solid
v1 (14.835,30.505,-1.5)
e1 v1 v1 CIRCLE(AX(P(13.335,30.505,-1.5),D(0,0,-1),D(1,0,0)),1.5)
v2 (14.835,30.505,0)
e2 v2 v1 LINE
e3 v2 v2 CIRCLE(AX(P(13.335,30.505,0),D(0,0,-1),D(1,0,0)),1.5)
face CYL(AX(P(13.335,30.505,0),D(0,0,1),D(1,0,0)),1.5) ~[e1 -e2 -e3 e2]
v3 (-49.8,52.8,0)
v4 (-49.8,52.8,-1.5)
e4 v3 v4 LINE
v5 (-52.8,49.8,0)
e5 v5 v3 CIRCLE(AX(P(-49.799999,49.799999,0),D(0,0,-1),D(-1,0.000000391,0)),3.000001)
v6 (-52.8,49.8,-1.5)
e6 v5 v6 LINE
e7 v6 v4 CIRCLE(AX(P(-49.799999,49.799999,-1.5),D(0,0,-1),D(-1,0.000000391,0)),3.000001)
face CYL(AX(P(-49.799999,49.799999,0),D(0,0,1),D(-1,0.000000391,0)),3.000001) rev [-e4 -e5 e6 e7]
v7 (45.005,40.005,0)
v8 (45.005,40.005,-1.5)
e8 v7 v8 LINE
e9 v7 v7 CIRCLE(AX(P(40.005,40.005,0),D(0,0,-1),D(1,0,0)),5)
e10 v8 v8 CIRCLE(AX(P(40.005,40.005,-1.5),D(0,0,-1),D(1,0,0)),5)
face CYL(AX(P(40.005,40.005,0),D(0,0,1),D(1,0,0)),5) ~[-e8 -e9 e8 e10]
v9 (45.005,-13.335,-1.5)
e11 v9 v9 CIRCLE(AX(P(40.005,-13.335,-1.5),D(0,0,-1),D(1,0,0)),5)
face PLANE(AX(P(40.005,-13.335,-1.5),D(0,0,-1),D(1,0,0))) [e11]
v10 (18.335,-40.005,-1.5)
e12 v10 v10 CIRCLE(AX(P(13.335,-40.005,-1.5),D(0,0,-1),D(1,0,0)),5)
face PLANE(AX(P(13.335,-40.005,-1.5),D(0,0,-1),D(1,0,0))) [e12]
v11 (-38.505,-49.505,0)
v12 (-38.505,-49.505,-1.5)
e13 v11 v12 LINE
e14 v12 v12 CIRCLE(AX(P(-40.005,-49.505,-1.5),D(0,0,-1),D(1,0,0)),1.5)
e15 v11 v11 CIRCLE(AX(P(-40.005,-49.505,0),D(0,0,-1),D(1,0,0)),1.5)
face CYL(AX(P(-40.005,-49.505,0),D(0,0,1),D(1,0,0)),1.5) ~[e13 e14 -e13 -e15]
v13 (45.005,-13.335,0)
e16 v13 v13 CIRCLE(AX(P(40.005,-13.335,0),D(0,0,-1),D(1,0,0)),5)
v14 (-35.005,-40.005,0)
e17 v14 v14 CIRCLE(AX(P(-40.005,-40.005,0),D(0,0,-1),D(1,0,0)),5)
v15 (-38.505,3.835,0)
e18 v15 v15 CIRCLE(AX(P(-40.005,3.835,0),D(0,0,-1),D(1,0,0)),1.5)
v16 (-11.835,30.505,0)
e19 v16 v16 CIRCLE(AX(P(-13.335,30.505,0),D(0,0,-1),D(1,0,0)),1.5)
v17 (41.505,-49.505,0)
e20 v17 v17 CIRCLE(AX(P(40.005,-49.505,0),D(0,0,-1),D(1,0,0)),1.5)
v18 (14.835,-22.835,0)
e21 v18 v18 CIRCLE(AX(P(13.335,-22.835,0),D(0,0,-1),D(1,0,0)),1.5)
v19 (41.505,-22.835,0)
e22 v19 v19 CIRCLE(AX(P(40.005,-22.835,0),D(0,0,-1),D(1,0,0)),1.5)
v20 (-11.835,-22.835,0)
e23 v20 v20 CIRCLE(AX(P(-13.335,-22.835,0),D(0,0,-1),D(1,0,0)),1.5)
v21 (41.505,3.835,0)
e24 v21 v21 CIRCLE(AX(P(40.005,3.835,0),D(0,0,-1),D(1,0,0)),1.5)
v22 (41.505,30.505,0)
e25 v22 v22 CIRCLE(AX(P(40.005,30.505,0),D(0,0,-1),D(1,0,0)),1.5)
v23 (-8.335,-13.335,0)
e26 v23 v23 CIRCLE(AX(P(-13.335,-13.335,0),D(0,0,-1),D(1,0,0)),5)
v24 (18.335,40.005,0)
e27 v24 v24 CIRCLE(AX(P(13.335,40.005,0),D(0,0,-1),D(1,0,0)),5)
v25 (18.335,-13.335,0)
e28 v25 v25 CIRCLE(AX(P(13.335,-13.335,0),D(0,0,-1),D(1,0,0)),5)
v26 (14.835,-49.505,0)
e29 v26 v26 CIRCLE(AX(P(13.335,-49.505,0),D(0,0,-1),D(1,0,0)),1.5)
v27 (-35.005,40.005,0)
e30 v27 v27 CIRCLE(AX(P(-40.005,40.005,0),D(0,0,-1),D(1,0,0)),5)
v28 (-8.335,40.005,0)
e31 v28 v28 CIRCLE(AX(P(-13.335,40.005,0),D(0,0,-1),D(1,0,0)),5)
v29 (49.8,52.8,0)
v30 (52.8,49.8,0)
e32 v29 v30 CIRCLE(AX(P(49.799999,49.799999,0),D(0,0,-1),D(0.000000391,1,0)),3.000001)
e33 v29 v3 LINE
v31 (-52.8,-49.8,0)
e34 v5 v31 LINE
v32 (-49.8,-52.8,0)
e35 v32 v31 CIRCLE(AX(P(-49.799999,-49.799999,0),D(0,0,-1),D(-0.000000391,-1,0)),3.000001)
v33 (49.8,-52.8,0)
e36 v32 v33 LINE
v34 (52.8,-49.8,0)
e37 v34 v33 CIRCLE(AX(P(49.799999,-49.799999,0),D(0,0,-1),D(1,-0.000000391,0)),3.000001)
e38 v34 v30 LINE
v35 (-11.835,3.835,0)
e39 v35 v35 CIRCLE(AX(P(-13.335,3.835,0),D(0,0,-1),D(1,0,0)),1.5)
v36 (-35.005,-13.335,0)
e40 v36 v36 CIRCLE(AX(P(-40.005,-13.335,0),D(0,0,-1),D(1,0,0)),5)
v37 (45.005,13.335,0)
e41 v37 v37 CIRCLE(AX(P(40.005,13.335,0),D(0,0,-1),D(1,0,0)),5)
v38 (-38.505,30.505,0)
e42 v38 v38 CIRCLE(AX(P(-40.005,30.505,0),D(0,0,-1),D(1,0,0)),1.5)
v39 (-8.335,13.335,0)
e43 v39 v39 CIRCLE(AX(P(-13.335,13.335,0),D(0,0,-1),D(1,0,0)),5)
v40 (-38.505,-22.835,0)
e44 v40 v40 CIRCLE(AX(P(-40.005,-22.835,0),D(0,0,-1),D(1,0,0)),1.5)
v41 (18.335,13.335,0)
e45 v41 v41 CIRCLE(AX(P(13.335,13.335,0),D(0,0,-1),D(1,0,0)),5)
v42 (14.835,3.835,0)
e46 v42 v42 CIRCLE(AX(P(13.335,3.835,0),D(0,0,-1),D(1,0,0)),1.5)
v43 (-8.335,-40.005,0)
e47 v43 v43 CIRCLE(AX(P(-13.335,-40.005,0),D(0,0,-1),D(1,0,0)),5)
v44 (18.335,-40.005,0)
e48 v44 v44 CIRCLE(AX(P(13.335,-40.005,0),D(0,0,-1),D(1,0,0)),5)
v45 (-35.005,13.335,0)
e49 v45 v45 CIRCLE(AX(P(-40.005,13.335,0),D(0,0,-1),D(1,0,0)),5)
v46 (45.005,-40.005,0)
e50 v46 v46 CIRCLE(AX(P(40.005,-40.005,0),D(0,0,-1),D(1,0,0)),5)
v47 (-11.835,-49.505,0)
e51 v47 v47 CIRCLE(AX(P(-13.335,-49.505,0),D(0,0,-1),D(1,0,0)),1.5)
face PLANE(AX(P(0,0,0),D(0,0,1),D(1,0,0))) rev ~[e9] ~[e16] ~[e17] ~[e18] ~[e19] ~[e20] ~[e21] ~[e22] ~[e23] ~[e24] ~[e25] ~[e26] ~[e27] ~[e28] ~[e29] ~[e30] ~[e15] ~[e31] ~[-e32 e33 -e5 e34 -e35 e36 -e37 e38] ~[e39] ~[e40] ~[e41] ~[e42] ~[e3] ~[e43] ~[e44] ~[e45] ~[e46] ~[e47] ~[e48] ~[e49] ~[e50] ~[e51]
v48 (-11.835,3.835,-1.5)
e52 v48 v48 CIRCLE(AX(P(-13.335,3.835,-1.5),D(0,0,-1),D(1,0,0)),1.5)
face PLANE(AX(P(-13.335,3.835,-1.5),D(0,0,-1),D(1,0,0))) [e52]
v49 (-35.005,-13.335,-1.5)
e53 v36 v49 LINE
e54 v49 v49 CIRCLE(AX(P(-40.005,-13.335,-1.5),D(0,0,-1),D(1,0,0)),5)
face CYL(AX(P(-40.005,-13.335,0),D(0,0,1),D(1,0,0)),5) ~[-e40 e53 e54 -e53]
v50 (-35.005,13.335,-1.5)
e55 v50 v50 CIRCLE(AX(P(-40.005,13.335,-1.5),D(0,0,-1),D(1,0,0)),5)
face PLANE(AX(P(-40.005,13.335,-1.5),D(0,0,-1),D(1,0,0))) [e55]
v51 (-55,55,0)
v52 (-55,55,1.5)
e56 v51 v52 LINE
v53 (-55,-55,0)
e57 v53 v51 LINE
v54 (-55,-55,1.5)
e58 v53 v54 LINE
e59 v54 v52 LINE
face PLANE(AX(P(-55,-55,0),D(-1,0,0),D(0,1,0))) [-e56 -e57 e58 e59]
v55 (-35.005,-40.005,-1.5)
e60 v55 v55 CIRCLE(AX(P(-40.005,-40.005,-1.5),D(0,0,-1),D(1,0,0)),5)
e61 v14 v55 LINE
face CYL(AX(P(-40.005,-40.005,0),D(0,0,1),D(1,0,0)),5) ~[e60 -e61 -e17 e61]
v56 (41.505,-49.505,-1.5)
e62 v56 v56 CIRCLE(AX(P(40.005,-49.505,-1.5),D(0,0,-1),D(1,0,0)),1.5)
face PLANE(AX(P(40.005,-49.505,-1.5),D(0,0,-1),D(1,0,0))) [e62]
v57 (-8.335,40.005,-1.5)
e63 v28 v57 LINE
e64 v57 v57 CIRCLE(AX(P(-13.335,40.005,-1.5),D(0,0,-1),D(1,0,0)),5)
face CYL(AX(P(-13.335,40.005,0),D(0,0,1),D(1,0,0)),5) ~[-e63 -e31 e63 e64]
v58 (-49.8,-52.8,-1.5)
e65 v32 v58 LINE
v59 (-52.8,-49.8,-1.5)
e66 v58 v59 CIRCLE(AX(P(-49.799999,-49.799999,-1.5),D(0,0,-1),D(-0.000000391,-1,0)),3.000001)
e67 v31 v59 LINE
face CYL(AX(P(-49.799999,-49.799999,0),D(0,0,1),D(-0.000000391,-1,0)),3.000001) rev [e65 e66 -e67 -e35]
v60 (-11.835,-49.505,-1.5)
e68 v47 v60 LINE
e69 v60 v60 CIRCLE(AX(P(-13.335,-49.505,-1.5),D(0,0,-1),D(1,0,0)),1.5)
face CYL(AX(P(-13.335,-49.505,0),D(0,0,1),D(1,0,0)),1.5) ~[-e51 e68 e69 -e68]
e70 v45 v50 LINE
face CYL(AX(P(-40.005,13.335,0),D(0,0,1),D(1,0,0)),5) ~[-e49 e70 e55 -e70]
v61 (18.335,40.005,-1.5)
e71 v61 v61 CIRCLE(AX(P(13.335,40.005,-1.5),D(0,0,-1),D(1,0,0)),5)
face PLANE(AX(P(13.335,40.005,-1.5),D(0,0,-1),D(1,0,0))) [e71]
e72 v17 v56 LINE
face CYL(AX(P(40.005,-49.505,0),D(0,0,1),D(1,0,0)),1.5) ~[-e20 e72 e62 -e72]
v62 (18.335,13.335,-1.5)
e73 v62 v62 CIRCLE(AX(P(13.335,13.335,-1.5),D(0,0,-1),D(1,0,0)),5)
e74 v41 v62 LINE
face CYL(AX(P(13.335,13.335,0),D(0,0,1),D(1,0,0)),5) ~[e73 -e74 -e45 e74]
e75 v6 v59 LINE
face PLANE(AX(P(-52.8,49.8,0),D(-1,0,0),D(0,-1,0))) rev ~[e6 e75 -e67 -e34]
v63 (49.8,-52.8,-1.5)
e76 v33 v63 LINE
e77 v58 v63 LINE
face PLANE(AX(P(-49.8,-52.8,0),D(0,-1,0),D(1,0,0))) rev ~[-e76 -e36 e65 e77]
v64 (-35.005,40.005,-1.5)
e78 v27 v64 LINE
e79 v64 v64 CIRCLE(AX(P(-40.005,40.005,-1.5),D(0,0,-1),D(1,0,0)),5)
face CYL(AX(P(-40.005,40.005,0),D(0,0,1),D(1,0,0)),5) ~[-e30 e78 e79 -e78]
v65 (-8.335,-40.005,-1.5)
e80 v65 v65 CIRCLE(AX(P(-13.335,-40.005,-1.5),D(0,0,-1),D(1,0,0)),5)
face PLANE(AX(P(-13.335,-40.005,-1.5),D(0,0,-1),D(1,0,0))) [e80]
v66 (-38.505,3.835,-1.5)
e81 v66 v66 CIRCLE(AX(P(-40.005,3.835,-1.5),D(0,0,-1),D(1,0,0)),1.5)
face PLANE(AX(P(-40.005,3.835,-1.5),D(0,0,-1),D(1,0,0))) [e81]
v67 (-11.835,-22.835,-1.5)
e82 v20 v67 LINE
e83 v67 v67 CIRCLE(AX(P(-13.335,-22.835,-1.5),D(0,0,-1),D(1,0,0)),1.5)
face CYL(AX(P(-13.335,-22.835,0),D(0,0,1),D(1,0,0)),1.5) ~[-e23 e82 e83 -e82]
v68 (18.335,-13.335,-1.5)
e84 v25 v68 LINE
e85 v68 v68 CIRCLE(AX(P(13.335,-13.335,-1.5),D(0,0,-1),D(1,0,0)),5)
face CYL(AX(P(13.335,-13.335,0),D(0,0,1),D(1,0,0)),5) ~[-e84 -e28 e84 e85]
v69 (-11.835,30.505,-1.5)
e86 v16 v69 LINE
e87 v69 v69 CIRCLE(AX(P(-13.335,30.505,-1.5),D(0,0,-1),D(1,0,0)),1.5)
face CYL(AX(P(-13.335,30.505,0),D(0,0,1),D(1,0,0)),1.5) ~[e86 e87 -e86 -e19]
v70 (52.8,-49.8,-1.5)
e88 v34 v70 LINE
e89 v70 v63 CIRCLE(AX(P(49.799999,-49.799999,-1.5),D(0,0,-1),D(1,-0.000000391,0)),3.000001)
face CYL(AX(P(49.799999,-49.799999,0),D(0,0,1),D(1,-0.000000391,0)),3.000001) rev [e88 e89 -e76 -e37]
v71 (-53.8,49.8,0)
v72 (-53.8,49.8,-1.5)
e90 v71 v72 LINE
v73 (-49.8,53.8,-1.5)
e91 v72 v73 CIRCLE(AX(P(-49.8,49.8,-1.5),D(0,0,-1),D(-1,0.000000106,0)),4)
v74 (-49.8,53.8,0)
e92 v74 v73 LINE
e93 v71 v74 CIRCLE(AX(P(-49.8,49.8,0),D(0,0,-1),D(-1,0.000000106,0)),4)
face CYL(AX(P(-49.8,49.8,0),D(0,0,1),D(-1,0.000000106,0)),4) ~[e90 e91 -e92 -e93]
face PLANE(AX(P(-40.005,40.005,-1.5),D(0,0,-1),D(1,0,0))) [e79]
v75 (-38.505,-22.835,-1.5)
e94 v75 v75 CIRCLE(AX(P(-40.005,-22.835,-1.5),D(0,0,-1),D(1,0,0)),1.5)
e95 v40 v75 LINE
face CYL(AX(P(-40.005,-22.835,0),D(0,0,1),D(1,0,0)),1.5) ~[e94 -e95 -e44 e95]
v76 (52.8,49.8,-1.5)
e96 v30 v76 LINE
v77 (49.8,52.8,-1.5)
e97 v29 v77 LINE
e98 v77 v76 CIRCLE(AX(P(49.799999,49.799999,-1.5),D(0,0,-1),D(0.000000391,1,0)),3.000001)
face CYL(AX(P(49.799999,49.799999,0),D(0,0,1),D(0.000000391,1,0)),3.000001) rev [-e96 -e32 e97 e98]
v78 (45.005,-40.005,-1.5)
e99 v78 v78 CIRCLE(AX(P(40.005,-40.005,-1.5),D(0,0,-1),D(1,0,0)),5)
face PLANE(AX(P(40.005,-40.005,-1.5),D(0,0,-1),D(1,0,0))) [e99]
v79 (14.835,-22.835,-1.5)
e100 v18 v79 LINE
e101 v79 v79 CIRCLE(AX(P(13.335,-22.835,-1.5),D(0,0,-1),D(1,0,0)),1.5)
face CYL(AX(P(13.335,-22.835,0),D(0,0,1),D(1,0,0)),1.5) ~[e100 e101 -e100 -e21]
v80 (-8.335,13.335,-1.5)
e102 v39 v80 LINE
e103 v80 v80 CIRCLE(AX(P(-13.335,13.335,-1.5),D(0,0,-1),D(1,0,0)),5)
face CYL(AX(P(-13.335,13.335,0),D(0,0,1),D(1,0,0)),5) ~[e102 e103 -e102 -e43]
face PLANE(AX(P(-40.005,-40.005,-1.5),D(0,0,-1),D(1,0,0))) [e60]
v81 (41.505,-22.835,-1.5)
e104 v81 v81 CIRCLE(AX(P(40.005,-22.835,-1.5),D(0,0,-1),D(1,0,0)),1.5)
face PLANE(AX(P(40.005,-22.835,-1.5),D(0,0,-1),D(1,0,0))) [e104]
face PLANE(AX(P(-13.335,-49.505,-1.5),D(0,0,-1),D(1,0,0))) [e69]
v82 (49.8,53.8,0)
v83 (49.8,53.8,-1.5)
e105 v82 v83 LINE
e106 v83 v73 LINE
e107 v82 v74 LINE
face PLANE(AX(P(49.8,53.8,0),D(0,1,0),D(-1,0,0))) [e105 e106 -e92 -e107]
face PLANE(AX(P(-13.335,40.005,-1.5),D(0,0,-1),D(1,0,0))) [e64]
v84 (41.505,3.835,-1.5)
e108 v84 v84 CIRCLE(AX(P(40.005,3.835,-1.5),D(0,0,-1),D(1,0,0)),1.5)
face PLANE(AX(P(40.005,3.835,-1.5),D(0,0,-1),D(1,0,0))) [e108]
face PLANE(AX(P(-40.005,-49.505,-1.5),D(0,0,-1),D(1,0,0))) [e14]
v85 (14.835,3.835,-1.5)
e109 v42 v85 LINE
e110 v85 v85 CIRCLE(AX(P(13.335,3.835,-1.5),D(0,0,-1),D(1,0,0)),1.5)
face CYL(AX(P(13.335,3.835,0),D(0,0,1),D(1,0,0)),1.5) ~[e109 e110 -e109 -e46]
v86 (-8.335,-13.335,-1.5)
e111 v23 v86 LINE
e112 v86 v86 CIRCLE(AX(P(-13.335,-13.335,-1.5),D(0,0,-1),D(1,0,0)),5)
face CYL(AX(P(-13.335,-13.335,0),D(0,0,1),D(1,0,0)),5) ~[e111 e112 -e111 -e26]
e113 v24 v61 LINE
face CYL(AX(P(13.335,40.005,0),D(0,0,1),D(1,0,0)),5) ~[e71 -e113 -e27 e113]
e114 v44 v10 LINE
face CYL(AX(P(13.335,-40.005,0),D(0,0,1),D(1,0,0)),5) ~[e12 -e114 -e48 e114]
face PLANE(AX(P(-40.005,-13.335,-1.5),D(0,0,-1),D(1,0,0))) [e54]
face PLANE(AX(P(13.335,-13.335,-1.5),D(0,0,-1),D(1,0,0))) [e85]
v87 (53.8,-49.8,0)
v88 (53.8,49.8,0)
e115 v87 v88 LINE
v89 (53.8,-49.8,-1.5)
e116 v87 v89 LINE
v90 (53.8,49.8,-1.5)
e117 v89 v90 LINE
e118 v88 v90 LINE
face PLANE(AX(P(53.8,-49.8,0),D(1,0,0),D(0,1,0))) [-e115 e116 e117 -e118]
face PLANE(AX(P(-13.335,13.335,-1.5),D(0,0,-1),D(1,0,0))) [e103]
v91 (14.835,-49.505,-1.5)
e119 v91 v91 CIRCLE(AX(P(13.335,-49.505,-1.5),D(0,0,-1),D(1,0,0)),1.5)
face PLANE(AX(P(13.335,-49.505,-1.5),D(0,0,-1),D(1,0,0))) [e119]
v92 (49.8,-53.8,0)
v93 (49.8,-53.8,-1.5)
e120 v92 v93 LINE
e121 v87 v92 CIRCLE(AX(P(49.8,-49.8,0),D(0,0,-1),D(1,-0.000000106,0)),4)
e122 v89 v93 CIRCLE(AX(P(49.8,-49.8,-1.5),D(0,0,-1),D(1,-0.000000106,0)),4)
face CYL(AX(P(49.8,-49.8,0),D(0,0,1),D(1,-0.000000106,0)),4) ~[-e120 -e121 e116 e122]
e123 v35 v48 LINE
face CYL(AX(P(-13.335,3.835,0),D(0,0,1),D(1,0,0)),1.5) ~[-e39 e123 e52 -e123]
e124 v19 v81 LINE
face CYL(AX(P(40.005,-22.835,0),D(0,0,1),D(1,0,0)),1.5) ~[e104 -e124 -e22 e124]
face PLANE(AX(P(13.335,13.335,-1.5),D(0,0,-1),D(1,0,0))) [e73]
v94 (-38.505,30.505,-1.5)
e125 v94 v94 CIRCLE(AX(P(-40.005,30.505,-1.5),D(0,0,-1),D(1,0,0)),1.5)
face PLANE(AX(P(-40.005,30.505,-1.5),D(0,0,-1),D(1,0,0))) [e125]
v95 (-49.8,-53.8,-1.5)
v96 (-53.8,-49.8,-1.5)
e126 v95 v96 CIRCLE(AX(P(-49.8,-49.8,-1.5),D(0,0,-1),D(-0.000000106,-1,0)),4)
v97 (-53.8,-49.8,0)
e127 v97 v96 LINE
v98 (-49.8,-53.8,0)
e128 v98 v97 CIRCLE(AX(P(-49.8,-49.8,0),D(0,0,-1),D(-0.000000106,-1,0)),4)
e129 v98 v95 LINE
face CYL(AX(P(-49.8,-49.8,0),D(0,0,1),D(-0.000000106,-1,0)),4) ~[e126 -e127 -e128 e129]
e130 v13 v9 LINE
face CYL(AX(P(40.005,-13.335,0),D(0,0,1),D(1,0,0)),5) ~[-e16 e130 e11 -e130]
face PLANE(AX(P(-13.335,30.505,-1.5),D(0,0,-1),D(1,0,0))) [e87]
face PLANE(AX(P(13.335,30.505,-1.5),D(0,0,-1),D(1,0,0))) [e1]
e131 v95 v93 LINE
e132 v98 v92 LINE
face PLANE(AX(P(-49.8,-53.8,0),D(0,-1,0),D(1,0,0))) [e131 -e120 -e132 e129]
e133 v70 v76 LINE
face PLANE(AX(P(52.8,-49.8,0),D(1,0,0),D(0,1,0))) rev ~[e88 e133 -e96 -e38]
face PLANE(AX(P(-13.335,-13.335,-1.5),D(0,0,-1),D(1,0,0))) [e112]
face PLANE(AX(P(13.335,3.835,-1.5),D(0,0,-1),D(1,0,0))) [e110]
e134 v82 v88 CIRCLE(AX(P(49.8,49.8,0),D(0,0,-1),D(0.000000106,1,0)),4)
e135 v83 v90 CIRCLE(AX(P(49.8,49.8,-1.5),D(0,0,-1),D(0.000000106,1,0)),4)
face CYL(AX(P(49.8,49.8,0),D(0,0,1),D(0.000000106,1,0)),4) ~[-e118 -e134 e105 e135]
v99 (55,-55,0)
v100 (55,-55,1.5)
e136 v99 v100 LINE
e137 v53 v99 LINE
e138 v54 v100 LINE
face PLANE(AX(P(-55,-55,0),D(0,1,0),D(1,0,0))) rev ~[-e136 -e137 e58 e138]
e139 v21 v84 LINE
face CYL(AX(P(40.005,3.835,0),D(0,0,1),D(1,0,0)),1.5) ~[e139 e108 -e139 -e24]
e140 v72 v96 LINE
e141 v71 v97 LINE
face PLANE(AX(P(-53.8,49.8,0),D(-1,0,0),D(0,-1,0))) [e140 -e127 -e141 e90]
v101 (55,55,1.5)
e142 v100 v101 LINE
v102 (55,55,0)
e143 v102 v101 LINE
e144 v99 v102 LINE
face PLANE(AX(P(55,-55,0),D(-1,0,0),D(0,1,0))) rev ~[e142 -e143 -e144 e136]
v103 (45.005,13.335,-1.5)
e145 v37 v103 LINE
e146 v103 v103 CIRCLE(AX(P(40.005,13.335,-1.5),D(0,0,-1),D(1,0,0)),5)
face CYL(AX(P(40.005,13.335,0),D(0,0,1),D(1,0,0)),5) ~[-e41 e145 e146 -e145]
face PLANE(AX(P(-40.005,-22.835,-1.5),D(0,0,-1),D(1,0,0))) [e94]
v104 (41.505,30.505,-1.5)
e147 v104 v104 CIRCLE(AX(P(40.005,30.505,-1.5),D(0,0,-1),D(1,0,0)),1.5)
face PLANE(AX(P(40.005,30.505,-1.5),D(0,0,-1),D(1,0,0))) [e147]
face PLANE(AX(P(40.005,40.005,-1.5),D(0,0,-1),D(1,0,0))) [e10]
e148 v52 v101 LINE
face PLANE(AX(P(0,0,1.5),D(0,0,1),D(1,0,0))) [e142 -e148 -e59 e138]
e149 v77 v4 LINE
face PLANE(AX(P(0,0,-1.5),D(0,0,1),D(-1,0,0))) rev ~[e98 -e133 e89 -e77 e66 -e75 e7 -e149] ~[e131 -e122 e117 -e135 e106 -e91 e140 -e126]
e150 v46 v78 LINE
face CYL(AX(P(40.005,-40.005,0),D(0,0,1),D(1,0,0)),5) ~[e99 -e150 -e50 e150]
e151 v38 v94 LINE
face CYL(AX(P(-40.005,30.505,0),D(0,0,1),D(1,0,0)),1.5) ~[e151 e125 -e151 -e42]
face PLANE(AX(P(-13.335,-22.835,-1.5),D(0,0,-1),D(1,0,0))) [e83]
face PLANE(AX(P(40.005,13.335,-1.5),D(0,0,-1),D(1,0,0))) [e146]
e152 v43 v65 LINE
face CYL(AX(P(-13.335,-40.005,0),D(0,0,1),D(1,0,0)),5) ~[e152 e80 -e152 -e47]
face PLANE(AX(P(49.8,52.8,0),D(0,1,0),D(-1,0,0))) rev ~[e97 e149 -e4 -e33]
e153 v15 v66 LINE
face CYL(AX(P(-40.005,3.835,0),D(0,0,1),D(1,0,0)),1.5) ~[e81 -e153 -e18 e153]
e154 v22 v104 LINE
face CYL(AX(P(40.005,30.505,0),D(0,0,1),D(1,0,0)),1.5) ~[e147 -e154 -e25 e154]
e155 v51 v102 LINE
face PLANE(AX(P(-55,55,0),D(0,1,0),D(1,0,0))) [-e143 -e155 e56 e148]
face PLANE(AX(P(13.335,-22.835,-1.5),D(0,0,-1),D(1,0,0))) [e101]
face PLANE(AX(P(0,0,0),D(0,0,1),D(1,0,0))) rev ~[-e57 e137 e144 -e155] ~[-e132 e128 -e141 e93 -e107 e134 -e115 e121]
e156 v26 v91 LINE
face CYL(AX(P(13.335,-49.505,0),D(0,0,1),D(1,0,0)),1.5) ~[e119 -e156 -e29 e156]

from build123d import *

# Parameters (mm, degrees)
SKETCH_W      = 110
SKETCH_H      = 110
PAD_DEPTH     = 1.5
PAD001_DEPTH  = 1.5
SKETCH002_R   = 5
SKETCH002_R_2 = 1.5
PAD002_DEPTH  = 1.5


with BuildPart() as part:
    # Sketch → Pad (new body)
    with BuildSketch(Plane.XY):
        Rectangle(SKETCH_W, SKETCH_H)
    extrude(amount=PAD_DEPTH)

    # Sketch001 → Pad001 (join)
    with BuildSketch(Plane(origin=(0, 0, 0), x_dir=(1, 0, 0), z_dir=(0, 0, -1))):
        with BuildLine():
            Line((-49.8, 53.8), (49.8, 53.8))
            ThreePointArc((53.8, 49.8), (52.628427, 52.628427), (49.8, 53.8))
            Line((53.8, 49.8), (53.8, -49.8))
            ThreePointArc((49.8, -53.8), (52.628427, -52.628427), (53.8, -49.8))
            Line((49.8, -53.8), (-49.8, -53.8))
            ThreePointArc((-53.8, -49.8), (-52.628427, -52.628427), (-49.8, -53.8))
            Line((-53.8, -49.8), (-53.8, 49.8))
            ThreePointArc((-49.8, 53.8), (-52.628427, 52.628427), (-53.8, 49.8))
        make_face()
        with BuildLine():
            Line((-49.8, 52.8), (49.8, 52.8))
            ThreePointArc((52.8, 49.8), (51.92132, 51.92132), (49.8, 52.8))
            Line((52.8, 49.8), (52.8, -49.8))
            ThreePointArc((49.8, -52.8), (51.92132, -51.92132), (52.8, -49.8))
            Line((49.8, -52.8), (-49.8, -52.8))
            ThreePointArc((-52.8, -49.8), (-51.92132, -51.92132), (-49.8, -52.8))
            Line((-52.8, -49.8), (-52.8, 49.8))
            ThreePointArc((-49.8, 52.8), (-51.92132, 51.92132), (-52.8, 49.8))
        make_face(mode=Mode.SUBTRACT)
    extrude(amount=PAD001_DEPTH)

    # Sketch002 → Pad002 (join)
    with BuildSketch(Plane(origin=(0, 0, 0), x_dir=(1, 0, 0), z_dir=(0, 0, -1))):
        with Locations((-40.005, 40.005)):
            Circle(SKETCH002_R)
        with Locations((-40.005, 49.505)):
            Circle(SKETCH002_R_2)
        with Locations((-13.335, 40.005)):
            Circle(SKETCH002_R)
        with Locations((-13.335, 49.505)):
            Circle(SKETCH002_R_2)
        with Locations((13.335, 40.005)):
            Circle(SKETCH002_R)
        with Locations((13.335, 49.505)):
            Circle(SKETCH002_R_2)
        with Locations((40.005, 40.005)):
            Circle(SKETCH002_R)
        with Locations((40.005, 49.505)):
            Circle(SKETCH002_R_2)
        with Locations((-40.005, 13.335)):
            Circle(SKETCH002_R)
        with Locations((-40.005, 22.835)):
            Circle(SKETCH002_R_2)
        with Locations((-13.335, 13.335)):
            Circle(SKETCH002_R)
        with Locations((-13.335, 22.835)):
            Circle(SKETCH002_R_2)
        with Locations((13.335, 13.335)):
            Circle(SKETCH002_R)
        with Locations((13.335, 22.835)):
            Circle(SKETCH002_R_2)
        with Locations((40.005, 13.335)):
            Circle(SKETCH002_R)
        with Locations((40.005, 22.835)):
            Circle(SKETCH002_R_2)
        with Locations((-40.005, -13.335)):
            Circle(SKETCH002_R)
        with Locations((-40.005, -3.835)):
            Circle(SKETCH002_R_2)
        with Locations((-13.335, -13.335)):
            Circle(SKETCH002_R)
        with Locations((-13.335, -3.835)):
            Circle(SKETCH002_R_2)
        with Locations((13.335, -13.335)):
            Circle(SKETCH002_R)
        with Locations((13.335, -3.835)):
            Circle(SKETCH002_R_2)
        with Locations((40.005, -13.335)):
            Circle(SKETCH002_R)
        with Locations((40.005, -3.835)):
            Circle(SKETCH002_R_2)
        with Locations((-40.005, -40.005)):
            Circle(SKETCH002_R)
        with Locations((-40.005, -30.505)):
            Circle(SKETCH002_R_2)
        with Locations((-13.335, -40.005)):
            Circle(SKETCH002_R)
        with Locations((-13.335, -30.505)):
            Circle(SKETCH002_R_2)
        with Locations((13.335, -40.005)):
            Circle(SKETCH002_R)
        with Locations((13.335, -30.505)):
            Circle(SKETCH002_R_2)
        with Locations((40.005, -40.005)):
            Circle(SKETCH002_R)
        with Locations((40.005, -30.505)):
            Circle(SKETCH002_R_2)
    extrude(amount=PAD002_DEPTH)


solid = part.part
